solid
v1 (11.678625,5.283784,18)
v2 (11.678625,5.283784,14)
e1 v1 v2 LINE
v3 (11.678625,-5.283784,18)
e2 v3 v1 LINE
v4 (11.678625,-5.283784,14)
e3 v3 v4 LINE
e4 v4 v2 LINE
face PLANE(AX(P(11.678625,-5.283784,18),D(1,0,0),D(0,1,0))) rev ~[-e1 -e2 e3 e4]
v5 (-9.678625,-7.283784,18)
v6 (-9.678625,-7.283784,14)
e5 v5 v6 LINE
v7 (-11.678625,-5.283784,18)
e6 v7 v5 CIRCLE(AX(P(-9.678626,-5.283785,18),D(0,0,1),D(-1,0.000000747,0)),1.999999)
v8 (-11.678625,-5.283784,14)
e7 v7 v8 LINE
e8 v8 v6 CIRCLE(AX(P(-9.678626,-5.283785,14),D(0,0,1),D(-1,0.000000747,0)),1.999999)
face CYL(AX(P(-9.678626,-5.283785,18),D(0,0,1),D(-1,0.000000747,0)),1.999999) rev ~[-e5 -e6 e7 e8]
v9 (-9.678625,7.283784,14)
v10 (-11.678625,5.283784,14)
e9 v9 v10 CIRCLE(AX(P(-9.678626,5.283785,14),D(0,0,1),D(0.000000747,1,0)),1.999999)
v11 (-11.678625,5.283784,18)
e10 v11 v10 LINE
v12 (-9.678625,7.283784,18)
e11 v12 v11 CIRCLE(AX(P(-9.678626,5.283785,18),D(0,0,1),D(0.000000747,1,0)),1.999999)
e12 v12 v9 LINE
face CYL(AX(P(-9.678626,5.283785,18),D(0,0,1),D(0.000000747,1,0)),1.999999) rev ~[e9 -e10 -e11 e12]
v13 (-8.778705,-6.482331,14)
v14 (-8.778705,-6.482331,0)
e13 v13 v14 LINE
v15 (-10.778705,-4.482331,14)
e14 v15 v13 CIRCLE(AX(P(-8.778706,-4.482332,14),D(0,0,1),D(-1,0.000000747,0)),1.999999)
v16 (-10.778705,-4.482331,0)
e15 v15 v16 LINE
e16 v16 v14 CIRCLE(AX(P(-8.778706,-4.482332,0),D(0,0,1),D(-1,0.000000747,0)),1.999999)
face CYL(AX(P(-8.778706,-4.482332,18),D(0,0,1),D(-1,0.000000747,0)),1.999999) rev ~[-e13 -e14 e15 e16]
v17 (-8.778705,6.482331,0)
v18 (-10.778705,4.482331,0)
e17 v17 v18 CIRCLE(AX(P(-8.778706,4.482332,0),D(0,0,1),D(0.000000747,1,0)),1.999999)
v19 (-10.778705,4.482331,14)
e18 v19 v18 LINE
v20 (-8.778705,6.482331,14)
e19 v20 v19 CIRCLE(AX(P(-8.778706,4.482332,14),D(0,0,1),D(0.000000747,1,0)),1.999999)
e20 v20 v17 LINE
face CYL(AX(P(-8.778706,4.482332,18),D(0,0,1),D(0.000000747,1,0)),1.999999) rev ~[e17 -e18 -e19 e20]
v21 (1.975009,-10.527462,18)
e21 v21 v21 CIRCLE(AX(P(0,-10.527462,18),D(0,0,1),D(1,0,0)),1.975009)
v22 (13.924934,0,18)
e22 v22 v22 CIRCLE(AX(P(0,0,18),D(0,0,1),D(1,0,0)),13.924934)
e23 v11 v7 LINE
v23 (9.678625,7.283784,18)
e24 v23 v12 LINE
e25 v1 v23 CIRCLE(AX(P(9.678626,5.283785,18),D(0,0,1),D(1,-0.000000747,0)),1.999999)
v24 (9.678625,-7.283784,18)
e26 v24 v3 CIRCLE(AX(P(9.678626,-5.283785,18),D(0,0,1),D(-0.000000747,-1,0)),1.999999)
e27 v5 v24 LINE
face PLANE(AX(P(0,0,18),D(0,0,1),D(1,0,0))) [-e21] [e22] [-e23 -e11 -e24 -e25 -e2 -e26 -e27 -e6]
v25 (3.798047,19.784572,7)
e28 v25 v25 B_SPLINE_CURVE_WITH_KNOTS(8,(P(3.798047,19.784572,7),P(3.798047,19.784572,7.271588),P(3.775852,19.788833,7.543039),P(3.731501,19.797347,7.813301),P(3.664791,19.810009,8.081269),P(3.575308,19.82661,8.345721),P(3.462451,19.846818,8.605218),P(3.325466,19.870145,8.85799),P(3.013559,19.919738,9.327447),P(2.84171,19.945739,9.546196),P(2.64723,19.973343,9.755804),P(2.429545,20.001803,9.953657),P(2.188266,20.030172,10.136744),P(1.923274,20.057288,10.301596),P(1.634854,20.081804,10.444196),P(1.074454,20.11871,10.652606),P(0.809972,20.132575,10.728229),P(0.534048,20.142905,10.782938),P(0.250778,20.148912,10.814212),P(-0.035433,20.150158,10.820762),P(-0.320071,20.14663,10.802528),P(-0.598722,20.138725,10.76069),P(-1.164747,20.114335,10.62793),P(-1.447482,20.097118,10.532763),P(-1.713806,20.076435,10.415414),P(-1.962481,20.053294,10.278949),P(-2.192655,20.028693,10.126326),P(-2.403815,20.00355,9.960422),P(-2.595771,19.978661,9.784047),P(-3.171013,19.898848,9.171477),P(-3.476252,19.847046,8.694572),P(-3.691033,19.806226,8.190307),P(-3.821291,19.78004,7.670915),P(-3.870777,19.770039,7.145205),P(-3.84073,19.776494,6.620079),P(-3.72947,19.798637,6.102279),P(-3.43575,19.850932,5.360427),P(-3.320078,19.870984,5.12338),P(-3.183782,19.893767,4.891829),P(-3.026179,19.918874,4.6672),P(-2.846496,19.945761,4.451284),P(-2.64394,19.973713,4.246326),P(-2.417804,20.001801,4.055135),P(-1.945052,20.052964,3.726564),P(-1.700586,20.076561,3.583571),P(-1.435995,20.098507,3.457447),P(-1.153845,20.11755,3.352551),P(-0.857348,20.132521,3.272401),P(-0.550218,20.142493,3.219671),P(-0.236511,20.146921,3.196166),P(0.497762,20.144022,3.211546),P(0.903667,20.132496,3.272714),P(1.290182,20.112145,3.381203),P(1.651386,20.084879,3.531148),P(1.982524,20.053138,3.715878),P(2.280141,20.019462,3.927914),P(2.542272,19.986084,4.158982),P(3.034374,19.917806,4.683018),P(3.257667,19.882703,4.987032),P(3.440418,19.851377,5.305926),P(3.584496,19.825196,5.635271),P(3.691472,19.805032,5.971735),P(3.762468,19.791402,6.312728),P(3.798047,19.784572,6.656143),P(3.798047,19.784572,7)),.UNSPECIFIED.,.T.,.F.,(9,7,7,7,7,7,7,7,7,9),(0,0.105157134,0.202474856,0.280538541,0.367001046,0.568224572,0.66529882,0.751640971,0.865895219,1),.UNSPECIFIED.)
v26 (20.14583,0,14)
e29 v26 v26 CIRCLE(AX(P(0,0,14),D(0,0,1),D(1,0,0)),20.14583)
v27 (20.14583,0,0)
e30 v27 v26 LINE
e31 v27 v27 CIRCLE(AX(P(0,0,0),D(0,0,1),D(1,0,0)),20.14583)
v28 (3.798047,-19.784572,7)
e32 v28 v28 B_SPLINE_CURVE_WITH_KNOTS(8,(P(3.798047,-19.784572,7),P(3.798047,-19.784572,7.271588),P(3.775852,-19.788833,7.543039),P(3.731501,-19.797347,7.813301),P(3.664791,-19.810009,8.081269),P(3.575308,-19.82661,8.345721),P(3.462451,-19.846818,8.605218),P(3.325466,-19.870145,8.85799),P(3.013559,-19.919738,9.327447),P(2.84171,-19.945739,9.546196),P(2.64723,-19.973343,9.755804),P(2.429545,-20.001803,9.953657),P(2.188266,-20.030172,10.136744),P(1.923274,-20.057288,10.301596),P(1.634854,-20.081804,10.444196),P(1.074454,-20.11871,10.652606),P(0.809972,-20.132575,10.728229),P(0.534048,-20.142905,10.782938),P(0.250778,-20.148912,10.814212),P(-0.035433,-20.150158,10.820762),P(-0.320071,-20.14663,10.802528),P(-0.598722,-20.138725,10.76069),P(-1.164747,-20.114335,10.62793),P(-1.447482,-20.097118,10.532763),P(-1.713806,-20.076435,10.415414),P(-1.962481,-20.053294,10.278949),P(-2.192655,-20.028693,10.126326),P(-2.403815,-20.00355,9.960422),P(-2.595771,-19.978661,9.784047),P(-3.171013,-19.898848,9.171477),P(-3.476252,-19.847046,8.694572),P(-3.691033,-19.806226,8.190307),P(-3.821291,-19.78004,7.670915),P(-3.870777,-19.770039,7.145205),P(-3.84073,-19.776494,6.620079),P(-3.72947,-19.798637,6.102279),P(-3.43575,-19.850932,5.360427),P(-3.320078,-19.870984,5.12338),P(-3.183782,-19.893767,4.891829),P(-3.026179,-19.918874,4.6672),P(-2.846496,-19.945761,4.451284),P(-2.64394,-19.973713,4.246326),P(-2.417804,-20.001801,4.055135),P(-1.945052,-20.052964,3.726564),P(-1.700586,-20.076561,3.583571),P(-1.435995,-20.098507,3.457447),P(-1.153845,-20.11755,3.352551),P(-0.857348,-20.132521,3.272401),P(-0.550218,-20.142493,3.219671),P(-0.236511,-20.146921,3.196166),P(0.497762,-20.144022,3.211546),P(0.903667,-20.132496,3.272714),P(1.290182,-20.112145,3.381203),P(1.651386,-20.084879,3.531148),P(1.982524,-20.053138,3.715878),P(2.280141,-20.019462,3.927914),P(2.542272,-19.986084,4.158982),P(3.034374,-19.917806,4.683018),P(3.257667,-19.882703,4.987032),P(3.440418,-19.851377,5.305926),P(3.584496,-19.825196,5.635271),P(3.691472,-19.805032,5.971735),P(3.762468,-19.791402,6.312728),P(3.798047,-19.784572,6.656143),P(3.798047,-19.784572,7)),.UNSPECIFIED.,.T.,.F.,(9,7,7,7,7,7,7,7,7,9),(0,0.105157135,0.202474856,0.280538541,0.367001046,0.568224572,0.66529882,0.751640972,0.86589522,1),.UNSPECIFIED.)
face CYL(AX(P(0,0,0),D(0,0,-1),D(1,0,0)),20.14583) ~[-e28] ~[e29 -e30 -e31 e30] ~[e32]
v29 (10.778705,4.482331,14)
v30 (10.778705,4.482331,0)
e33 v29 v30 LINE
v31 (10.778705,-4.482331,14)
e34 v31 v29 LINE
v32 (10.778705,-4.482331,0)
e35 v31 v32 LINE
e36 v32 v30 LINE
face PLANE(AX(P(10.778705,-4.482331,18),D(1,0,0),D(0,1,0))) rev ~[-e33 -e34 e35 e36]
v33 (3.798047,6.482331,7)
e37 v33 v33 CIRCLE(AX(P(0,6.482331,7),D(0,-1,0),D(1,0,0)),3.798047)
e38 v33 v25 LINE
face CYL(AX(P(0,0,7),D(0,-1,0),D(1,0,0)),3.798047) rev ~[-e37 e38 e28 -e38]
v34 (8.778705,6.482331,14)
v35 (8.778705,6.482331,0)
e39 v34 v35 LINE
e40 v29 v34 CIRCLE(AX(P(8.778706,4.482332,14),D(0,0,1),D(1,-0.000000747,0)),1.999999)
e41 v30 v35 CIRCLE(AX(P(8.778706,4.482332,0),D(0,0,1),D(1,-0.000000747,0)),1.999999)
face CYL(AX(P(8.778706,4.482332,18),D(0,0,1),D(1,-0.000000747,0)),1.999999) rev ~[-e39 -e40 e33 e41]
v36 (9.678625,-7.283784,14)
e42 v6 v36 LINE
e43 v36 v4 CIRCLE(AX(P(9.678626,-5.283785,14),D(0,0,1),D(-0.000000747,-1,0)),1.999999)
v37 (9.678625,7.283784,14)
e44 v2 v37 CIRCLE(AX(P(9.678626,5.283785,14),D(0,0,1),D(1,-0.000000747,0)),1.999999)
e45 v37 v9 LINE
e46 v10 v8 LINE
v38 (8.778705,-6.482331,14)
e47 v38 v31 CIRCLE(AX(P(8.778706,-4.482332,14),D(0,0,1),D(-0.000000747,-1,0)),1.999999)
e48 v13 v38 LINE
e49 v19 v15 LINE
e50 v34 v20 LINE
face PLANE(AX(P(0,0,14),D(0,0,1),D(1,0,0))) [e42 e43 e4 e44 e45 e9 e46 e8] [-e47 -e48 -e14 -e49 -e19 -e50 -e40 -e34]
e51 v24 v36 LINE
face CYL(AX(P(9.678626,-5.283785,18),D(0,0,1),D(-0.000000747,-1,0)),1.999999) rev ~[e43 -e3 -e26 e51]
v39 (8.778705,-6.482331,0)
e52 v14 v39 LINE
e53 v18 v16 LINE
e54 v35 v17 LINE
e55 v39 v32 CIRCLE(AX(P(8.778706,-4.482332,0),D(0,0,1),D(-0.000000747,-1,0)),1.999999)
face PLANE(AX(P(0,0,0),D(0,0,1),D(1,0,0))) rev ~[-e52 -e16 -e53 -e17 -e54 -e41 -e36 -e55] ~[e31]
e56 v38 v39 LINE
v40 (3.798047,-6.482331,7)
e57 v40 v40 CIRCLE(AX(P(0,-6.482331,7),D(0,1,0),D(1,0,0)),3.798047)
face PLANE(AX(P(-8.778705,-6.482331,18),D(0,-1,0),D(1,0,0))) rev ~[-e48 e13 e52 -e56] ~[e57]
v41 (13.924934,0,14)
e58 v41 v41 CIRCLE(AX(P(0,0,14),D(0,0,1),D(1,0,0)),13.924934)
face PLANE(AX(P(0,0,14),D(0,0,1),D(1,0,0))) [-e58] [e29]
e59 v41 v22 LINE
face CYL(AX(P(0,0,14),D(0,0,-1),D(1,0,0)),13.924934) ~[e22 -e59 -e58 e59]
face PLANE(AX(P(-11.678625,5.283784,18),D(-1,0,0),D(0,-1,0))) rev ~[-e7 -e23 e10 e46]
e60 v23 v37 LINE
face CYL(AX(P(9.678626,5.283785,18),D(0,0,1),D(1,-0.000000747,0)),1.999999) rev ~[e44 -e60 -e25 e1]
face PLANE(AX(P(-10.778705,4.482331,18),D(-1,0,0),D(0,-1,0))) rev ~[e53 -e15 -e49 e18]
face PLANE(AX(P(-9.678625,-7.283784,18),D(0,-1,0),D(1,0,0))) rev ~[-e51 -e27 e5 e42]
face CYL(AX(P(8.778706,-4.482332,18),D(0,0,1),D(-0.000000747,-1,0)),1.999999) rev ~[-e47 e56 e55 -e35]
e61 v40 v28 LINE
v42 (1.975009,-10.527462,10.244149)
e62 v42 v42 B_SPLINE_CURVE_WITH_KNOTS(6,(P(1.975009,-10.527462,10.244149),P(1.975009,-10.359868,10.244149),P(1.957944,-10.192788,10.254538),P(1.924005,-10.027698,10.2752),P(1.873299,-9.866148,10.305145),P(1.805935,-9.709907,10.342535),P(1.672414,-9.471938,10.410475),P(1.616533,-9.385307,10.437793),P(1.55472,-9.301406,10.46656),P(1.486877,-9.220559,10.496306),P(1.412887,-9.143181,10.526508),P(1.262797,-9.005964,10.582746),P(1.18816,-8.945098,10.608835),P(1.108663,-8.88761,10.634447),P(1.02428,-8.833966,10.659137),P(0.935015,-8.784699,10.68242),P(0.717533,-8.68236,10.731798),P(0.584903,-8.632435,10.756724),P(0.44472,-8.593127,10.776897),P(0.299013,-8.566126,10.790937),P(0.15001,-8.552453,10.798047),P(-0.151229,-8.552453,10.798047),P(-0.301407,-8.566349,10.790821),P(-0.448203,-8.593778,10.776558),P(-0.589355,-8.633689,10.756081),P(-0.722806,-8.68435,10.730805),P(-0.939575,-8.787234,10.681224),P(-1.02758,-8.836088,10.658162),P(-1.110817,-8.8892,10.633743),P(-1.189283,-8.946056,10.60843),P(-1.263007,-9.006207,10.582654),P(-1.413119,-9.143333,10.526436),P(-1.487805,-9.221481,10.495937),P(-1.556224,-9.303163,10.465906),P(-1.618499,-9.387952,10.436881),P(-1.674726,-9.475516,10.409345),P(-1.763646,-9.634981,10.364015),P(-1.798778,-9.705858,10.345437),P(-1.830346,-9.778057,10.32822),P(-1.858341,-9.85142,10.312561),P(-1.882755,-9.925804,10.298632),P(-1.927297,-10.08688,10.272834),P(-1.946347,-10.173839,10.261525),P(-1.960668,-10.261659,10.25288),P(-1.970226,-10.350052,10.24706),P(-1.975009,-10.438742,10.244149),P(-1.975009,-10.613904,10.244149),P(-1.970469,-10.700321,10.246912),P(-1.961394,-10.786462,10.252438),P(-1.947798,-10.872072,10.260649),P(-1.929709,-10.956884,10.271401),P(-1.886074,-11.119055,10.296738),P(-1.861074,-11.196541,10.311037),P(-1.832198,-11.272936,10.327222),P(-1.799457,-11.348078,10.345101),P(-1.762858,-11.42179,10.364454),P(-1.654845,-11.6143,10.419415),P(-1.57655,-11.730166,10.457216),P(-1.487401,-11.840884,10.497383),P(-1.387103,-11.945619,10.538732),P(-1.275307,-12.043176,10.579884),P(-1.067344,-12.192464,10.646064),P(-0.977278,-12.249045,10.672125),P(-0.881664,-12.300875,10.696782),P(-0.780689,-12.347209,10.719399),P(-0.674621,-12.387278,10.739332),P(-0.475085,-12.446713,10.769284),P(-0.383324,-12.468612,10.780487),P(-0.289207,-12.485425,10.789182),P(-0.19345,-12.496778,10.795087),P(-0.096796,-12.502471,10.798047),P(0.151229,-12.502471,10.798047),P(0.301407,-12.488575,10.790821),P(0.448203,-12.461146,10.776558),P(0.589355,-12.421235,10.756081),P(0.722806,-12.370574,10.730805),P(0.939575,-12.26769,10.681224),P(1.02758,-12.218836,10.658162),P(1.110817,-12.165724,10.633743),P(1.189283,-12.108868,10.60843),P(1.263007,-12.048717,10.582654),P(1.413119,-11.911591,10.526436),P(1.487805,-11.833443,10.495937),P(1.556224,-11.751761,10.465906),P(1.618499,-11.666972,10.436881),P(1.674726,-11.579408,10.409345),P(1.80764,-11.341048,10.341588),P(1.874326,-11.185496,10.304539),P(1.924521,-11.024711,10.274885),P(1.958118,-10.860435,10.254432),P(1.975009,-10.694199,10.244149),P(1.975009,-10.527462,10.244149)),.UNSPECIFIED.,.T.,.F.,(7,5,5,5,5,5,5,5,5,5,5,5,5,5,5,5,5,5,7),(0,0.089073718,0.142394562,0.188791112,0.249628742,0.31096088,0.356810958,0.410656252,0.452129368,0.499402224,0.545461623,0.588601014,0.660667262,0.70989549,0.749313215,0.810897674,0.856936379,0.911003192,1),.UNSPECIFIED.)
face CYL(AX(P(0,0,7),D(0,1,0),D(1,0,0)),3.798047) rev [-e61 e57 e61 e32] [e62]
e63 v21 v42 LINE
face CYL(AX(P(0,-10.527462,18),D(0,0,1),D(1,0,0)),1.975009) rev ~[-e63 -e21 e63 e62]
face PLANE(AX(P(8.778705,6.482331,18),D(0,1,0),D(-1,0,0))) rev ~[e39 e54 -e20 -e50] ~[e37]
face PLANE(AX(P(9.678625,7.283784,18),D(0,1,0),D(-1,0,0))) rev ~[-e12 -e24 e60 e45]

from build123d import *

# Parameters (mm, degrees)
SKETCH_R             = 20.14583
PAD_DEPTH            = 14
SKETCH001_R          = 13.924934
PAD001_DEPTH         = 4
POCKET_DEPTH         = 4
POCKET001_DEPTH      = 18.001
SKETCH004_R          = 3.798047
POCKET002_DEPTH      = 20.14683
POCKET002_DEPTH_BACK = -20.14683
SKETCH005_R          = 1.975009
POCKET003_DEPTH      = 9


with BuildPart() as part:
    # Sketch → Pad (new body)
    with BuildSketch(Plane.XY):
        Circle(SKETCH_R)
    extrude(amount=PAD_DEPTH)

    # Sketch001 (on Face3 of Pad) → Pad001 (join)
    with BuildSketch(Plane.XY.offset(14)):
        Circle(SKETCH001_R)
    extrude(amount=PAD001_DEPTH)

    # Sketch002 (on Face5 of Pad001) → Pocket (cut)
    with BuildSketch(Plane.XY.offset(18)):
        with BuildLine():
            Line((-11.678625, 5.283784), (-11.678625, -5.283784))
            ThreePointArc((-11.678625, -5.283784), (-11.092839, -6.697998), (-9.678625, -7.283784))
            Line((-9.678625, -7.283784), (9.678625, -7.283784))
            ThreePointArc((9.678625, -7.283784), (11.092839, -6.697998), (11.678625, -5.283784))
            Line((11.678625, -5.283784), (11.678625, 5.283784))
            ThreePointArc((11.678625, 5.283784), (11.092839, 6.697998), (9.678625, 7.283784))
            Line((9.678625, 7.283784), (-9.678625, 7.283784))
            ThreePointArc((-9.678625, 7.283784), (-11.092839, 6.697998), (-11.678625, 5.283784))
        make_face()
    extrude(amount=-POCKET_DEPTH, mode=Mode.SUBTRACT)

    # Sketch003 (on Face5 of Pad001) → Pocket001 (cut, through all)
    with BuildSketch(Plane.XY.offset(18)):
        with BuildLine():
            Line((-10.778705, 4.482331), (-10.778705, -4.482331))
            ThreePointArc((-10.778705, -4.482331), (-10.192919, -5.896545), (-8.778705, -6.482331))
            Line((-8.778705, -6.482331), (8.778705, -6.482331))
            ThreePointArc((8.778705, -6.482331), (10.192919, -5.896545), (10.778705, -4.482331))
            Line((10.778705, -4.482331), (10.778705, 4.482331))
            ThreePointArc((10.778705, 4.482331), (10.192919, 5.896545), (8.778705, 6.482331))
            Line((8.778705, 6.482331), (-8.778705, 6.482331))
            ThreePointArc((-8.778705, 6.482331), (-10.192919, 5.896545), (-10.778705, 4.482331))
        make_face()
    extrude(amount=-POCKET001_DEPTH, mode=Mode.SUBTRACT)

    # Sketch004 (on DatumPlane) → Pocket002 (cut, two sides)
    with BuildSketch(Plane(origin=(0, 0, 7), x_dir=(1, 0, 0), z_dir=(0, -1, 0))) as pocket002_sk:
        Circle(SKETCH004_R)
    extrude(amount=-POCKET002_DEPTH, mode=Mode.SUBTRACT)
    extrude(pocket002_sk.sketch, amount=-POCKET002_DEPTH_BACK, mode=Mode.SUBTRACT)

    # Sketch005 (on Face16 of Pocket002) → Pocket003 (cut)
    with BuildSketch(Plane.XY.offset(18)):
        with Locations((0, -10.527462)):
            Circle(SKETCH005_R)
    extrude(amount=-POCKET003_DEPTH, mode=Mode.SUBTRACT)


solid = part.part
